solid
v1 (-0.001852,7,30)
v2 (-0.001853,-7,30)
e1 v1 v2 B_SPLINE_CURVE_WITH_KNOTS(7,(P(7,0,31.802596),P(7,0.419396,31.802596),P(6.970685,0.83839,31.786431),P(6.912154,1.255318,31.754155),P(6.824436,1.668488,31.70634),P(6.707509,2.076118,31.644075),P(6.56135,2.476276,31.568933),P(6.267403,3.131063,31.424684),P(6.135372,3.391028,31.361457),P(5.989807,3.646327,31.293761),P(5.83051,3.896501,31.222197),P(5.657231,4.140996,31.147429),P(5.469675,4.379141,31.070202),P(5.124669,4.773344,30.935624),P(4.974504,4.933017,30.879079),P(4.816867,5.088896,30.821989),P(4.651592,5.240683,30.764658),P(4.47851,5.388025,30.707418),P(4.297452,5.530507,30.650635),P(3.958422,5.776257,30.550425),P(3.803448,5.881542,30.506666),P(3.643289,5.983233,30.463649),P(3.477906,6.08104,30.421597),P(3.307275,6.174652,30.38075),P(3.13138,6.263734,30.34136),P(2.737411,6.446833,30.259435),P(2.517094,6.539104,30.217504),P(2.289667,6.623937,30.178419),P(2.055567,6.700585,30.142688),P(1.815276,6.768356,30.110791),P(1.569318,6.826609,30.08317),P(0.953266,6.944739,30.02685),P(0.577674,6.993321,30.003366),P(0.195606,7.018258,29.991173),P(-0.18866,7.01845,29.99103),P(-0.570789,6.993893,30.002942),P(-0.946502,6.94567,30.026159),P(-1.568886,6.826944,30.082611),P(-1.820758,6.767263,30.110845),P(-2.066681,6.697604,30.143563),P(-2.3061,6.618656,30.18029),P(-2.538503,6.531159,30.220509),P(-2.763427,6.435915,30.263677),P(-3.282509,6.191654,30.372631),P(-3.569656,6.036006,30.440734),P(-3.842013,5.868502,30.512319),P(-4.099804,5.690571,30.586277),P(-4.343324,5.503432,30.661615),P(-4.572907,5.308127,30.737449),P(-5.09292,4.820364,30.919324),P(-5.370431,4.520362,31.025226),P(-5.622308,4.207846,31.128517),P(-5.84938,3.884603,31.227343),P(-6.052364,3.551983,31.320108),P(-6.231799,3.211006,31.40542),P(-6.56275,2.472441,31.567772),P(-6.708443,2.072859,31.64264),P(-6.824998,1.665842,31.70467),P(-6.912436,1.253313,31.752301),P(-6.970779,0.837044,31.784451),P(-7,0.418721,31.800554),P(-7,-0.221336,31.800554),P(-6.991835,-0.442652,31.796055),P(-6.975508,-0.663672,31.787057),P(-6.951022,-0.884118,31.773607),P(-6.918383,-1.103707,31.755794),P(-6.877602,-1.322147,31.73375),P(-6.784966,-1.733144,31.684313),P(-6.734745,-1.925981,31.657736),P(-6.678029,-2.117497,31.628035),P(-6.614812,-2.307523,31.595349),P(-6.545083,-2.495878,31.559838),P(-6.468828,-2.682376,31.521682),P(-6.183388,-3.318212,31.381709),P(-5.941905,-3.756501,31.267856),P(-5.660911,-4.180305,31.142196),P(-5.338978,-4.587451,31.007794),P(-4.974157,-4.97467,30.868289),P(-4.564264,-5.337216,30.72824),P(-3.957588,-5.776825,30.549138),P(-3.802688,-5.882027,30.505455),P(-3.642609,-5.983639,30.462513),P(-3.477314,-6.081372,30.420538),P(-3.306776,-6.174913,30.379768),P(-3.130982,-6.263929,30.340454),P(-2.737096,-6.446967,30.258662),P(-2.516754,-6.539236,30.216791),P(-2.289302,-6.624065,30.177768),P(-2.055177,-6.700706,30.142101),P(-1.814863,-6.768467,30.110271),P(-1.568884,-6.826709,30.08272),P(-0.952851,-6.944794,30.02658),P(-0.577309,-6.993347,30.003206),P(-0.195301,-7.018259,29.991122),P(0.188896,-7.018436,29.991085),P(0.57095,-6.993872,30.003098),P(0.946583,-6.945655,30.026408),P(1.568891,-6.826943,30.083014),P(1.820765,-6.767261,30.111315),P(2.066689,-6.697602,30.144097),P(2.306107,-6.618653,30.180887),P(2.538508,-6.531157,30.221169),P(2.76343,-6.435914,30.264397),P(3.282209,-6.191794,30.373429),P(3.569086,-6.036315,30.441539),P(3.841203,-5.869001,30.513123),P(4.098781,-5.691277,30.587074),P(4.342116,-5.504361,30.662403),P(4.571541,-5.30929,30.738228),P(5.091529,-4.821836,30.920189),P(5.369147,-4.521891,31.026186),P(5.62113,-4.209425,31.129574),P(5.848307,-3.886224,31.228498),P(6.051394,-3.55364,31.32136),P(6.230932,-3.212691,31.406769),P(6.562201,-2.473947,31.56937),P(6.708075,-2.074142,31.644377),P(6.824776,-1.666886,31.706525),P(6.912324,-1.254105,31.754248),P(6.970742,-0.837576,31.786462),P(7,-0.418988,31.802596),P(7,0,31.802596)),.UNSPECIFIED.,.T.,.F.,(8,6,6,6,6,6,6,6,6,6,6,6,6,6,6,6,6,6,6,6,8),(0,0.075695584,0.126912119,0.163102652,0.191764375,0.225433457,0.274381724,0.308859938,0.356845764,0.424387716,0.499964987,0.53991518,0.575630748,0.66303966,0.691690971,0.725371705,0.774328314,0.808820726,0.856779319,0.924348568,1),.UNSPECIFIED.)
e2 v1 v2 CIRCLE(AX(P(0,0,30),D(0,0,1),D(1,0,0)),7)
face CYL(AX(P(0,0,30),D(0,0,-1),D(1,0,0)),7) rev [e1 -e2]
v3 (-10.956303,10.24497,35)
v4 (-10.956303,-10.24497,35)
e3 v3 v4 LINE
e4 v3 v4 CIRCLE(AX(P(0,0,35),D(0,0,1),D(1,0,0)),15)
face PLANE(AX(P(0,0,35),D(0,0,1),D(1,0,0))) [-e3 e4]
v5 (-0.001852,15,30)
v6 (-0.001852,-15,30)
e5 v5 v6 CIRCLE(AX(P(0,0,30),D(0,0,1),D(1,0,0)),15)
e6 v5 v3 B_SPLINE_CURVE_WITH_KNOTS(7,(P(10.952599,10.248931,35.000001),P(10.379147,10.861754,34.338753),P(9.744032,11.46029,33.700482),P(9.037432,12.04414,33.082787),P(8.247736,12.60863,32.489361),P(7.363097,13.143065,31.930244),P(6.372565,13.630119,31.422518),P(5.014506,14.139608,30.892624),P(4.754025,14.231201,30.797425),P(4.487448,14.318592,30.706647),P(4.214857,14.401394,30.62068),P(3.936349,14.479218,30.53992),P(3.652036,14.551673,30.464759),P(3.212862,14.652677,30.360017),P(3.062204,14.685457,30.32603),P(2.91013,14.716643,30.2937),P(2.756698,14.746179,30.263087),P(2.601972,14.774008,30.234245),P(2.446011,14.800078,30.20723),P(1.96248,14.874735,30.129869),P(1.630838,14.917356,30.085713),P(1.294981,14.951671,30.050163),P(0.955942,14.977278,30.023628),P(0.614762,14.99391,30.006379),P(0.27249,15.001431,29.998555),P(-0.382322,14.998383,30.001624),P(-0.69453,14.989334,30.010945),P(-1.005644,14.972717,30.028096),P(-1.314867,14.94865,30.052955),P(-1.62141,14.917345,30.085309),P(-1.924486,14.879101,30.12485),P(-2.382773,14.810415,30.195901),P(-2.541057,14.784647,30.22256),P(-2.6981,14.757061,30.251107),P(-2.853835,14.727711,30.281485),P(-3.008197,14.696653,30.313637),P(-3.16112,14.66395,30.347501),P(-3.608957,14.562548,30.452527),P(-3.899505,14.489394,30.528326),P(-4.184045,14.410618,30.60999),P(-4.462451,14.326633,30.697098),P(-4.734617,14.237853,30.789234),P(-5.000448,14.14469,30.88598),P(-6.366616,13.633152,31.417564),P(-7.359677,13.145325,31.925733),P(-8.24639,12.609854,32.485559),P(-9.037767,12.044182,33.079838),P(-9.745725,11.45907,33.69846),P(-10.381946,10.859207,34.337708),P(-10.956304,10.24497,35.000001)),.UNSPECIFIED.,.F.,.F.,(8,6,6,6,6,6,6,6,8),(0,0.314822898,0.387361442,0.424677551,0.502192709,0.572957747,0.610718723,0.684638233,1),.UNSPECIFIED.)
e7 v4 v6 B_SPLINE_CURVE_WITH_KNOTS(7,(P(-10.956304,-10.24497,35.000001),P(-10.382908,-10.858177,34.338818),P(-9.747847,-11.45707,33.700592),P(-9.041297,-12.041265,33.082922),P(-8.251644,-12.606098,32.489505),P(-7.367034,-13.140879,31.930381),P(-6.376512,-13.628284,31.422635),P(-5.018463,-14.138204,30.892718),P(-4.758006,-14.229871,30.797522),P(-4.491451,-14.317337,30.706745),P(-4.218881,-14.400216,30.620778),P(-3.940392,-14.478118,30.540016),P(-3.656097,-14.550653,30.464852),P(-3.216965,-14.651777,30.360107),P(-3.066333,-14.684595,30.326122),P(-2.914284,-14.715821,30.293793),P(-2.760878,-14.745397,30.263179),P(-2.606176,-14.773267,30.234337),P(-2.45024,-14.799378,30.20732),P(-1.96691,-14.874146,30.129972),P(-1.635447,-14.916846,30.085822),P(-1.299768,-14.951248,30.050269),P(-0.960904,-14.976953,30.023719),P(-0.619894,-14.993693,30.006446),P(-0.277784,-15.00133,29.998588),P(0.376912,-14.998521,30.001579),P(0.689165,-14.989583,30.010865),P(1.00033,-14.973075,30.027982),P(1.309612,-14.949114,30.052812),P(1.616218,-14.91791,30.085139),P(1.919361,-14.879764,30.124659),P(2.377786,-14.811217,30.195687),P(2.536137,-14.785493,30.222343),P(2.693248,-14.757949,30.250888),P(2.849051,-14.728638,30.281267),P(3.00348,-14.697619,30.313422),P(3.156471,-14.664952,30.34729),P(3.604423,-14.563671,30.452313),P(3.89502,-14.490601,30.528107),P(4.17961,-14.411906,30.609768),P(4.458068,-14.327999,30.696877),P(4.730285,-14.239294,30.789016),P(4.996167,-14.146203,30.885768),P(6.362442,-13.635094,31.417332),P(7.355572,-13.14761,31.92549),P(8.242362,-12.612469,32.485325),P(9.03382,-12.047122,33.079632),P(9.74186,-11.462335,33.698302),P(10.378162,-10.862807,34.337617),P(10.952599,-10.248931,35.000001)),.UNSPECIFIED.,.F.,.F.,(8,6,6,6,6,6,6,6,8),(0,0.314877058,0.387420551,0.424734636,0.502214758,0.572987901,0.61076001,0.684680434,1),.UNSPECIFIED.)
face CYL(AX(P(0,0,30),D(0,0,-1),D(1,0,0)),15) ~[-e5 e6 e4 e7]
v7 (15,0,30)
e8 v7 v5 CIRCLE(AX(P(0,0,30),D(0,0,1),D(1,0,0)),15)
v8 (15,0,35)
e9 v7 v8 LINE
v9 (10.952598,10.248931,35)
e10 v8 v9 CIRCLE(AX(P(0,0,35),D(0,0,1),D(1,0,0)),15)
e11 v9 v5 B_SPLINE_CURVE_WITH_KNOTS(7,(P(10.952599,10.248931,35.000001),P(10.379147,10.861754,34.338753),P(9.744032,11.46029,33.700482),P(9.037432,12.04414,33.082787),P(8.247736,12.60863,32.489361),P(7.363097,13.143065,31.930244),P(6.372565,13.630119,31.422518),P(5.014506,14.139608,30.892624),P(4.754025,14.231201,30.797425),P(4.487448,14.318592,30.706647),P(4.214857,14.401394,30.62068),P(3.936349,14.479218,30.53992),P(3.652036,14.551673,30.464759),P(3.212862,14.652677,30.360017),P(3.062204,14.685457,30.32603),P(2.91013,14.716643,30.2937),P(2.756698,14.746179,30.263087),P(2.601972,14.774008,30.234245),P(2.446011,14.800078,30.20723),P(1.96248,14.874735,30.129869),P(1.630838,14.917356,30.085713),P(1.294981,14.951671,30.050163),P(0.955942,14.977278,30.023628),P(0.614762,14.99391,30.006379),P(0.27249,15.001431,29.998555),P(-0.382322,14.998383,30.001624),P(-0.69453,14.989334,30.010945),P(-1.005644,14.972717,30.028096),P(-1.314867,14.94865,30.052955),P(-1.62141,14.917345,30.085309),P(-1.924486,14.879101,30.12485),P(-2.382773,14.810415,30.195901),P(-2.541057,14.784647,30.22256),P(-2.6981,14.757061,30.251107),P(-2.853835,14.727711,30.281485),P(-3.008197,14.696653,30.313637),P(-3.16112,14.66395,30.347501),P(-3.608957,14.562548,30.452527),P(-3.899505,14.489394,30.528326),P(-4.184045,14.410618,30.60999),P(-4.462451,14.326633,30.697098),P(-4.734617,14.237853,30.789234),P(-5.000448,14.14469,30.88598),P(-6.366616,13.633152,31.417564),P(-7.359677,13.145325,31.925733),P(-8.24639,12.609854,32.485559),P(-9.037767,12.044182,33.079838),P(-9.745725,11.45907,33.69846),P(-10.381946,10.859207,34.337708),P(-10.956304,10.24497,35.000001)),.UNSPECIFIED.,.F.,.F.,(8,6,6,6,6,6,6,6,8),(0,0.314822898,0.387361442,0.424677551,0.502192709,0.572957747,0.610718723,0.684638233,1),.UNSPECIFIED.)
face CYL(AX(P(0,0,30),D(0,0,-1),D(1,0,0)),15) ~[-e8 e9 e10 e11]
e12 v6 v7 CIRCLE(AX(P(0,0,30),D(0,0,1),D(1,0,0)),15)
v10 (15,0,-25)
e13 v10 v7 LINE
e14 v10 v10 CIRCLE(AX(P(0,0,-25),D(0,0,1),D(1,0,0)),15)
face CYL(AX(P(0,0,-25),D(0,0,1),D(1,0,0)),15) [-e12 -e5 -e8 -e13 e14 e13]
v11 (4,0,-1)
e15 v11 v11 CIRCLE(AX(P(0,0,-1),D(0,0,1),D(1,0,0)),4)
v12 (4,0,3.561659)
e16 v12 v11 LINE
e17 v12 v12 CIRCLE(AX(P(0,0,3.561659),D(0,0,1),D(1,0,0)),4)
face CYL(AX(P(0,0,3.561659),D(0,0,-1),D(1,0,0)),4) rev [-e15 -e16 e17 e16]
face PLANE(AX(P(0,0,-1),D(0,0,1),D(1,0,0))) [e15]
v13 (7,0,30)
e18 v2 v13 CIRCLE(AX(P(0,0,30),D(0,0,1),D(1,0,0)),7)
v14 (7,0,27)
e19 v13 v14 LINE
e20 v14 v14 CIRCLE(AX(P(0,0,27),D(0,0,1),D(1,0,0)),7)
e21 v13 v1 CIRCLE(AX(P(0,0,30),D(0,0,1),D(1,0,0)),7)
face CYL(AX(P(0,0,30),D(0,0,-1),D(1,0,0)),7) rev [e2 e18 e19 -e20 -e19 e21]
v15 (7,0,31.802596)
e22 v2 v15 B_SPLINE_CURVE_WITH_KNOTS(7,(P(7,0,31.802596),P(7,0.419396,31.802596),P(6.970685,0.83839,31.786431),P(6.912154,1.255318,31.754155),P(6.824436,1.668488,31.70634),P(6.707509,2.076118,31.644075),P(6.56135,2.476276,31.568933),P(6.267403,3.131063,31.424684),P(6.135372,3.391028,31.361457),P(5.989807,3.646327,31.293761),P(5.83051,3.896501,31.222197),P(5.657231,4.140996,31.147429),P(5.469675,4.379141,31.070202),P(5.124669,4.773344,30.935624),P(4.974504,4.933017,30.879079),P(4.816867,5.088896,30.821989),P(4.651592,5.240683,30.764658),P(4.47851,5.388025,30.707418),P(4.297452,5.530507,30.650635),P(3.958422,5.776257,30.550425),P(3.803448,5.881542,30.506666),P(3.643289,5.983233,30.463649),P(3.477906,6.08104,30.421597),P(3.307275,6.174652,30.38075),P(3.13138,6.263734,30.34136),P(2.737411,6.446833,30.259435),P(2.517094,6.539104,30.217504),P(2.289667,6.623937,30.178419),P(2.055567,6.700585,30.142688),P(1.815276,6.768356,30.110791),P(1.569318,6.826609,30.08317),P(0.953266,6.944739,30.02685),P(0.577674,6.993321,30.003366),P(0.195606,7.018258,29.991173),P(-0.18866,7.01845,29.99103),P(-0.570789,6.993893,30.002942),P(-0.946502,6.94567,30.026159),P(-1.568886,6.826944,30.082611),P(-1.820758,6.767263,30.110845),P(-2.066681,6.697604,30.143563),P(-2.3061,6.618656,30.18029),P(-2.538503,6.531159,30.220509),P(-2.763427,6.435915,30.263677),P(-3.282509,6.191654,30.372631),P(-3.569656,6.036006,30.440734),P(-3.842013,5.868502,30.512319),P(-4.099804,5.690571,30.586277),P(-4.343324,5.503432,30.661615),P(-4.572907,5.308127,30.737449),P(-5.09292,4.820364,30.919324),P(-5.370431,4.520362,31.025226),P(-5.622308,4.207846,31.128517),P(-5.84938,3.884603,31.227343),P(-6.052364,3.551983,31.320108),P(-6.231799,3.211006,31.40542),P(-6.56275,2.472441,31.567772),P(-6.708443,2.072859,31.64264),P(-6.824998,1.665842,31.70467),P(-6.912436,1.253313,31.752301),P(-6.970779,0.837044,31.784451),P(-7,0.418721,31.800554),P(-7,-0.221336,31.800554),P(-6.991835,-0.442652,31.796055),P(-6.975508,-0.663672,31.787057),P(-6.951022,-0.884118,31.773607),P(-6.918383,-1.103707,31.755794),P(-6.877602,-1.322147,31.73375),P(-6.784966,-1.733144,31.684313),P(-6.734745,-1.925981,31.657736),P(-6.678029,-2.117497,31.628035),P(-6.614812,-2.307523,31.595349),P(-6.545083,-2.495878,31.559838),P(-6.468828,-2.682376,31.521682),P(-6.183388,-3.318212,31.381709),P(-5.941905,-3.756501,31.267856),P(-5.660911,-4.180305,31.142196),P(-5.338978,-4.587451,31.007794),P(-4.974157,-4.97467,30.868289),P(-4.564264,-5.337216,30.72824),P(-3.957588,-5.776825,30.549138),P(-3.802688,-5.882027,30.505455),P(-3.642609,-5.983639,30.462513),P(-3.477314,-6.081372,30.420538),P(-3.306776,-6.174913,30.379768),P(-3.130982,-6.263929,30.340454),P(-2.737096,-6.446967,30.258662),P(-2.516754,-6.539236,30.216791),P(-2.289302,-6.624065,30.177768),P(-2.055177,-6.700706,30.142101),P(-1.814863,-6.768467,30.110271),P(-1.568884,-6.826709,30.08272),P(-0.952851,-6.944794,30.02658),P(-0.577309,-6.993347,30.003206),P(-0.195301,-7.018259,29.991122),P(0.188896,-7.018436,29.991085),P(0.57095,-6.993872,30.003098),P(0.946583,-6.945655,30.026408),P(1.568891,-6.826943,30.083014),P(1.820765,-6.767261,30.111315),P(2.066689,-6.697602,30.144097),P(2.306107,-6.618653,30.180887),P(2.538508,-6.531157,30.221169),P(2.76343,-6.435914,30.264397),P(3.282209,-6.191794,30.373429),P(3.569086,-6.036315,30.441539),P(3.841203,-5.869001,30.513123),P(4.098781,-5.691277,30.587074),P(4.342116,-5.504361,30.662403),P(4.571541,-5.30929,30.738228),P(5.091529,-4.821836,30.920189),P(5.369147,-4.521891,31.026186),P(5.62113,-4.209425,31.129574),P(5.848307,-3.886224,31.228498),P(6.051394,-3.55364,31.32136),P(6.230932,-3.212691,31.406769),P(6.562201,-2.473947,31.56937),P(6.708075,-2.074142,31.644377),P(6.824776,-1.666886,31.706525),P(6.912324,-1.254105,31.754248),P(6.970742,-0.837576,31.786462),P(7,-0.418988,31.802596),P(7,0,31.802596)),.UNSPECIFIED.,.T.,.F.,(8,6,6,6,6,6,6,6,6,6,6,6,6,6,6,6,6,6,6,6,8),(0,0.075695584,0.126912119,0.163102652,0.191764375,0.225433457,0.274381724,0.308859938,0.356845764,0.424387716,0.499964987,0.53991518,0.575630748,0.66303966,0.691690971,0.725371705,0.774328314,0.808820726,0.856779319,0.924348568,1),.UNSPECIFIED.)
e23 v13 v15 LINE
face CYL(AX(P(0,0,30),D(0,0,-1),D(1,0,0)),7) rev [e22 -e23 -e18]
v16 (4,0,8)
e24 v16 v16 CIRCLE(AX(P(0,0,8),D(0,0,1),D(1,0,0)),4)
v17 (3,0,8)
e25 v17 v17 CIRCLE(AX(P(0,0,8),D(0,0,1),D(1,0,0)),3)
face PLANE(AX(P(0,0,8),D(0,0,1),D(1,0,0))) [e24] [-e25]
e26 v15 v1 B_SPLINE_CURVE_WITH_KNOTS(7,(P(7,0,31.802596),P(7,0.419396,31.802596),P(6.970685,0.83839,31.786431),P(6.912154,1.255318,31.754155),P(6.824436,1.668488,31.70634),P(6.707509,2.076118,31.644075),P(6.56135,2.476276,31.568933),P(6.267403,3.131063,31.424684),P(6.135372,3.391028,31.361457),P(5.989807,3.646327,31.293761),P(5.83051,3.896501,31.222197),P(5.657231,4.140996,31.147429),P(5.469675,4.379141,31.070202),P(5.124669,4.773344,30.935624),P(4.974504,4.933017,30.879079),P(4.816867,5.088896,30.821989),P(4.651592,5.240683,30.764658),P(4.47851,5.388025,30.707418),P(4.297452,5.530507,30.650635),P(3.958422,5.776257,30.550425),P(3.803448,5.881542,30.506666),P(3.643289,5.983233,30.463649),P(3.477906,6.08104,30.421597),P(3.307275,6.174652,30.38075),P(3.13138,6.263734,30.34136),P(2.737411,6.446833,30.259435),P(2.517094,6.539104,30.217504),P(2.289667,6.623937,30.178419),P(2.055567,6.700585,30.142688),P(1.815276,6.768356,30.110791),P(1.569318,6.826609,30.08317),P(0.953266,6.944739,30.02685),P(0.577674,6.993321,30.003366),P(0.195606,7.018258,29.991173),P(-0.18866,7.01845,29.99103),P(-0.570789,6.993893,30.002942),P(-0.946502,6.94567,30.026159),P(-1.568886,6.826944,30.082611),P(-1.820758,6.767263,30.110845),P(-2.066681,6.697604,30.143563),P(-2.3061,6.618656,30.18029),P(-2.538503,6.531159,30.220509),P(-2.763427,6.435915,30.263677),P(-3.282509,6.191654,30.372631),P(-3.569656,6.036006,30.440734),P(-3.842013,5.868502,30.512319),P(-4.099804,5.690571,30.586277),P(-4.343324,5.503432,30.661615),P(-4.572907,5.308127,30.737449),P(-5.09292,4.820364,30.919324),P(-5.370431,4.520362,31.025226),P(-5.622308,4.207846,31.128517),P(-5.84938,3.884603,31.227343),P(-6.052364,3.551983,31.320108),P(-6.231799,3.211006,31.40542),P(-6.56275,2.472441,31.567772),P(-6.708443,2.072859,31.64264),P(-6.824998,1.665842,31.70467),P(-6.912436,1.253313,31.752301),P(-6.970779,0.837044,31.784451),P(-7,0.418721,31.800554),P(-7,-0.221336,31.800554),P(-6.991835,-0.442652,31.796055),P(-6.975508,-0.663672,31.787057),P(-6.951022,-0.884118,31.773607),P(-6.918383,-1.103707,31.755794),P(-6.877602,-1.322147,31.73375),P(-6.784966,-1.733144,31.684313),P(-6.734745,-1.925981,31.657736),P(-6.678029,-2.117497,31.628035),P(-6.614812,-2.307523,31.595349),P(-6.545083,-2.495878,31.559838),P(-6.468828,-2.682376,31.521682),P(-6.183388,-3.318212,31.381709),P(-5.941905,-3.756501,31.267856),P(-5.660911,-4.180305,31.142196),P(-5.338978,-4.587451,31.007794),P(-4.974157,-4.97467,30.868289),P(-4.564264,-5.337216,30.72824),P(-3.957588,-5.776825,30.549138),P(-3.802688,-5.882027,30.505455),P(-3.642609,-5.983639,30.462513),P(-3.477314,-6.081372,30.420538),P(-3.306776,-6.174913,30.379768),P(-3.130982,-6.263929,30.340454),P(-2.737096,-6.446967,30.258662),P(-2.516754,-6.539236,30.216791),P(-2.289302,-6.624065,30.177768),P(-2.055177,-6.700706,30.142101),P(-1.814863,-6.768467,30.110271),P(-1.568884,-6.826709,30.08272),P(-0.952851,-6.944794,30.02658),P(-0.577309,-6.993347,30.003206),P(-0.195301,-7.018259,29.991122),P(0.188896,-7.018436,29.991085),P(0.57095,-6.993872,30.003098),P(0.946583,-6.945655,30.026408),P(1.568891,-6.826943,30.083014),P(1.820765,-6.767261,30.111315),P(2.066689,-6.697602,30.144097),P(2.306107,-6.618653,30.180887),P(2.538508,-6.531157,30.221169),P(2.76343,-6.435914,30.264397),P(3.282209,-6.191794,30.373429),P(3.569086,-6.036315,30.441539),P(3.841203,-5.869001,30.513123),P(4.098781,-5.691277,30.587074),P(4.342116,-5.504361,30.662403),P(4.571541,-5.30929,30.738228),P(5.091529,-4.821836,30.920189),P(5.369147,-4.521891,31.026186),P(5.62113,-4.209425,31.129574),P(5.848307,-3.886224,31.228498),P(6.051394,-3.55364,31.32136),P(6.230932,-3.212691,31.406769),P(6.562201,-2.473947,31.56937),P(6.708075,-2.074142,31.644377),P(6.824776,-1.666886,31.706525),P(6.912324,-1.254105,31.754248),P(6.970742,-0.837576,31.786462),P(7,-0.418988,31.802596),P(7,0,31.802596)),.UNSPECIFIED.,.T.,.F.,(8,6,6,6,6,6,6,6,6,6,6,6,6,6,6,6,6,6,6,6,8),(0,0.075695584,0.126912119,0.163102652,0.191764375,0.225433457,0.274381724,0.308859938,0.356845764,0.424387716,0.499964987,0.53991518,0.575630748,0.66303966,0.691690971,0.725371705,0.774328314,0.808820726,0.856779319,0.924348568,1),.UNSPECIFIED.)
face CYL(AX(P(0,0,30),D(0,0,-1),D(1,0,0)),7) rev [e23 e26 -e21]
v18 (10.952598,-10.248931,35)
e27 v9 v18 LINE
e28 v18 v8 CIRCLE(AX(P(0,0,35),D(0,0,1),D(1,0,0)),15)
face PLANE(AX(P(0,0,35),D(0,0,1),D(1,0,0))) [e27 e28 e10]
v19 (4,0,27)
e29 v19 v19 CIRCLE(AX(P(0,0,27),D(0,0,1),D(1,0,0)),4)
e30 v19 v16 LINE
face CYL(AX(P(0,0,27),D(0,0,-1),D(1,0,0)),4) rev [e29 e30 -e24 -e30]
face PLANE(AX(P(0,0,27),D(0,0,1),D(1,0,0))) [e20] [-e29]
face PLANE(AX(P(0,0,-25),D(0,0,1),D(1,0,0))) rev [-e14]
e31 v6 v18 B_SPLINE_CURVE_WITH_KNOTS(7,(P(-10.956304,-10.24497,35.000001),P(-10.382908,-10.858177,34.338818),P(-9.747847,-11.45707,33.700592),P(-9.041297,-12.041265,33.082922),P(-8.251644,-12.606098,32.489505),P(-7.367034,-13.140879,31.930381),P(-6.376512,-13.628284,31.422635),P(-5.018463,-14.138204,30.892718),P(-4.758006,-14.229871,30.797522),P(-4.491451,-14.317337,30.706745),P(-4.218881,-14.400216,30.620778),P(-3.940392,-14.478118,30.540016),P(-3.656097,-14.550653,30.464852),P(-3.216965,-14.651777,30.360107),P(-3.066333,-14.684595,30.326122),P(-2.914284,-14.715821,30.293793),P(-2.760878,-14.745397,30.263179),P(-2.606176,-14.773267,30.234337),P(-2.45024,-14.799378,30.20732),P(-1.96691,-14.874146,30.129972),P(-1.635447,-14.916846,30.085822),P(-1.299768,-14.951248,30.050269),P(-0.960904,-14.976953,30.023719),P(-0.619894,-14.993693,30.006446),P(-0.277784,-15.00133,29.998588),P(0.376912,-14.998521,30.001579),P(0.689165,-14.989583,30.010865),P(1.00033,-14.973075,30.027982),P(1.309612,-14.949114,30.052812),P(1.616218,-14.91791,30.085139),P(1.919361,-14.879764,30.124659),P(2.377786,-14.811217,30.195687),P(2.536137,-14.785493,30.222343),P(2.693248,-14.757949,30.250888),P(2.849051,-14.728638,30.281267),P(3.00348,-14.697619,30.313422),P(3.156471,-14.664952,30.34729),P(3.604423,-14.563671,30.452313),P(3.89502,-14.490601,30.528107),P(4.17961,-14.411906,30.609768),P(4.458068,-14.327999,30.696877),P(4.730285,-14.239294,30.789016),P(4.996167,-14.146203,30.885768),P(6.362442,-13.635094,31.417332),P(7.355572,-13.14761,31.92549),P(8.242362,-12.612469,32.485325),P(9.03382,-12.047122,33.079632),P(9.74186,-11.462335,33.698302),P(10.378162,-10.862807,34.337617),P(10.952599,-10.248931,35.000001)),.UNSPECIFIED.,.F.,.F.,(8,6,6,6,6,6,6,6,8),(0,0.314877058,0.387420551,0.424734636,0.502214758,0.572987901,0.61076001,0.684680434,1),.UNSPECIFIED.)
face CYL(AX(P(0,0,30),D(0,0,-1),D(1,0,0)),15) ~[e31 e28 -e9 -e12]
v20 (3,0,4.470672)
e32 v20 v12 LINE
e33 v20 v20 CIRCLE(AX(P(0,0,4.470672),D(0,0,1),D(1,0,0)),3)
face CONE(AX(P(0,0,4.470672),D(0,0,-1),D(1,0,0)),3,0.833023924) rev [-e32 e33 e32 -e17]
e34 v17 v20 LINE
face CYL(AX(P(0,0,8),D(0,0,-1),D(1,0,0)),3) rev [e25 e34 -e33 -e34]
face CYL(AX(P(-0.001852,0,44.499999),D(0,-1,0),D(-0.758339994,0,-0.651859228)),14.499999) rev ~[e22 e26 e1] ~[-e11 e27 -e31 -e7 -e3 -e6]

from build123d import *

# Parameters (mm, degrees)
F1_FACE_R   = 15
F1_FACE_R_2 = 7
F2_DEPTH    = 5
F4_DEPTH    = 20


with BuildPart() as f1:
    # F0 (on Front) → F1 (revolve)
    with BuildSketch(Plane.XZ):
        Polygon((7, 27), (4, 27), (4, 8), (3, 8), (3, 4.470672), (4, 3.561659), (4, 0), (4, -1), (0, -1), (0, -25), (15, -25), (15, 27), (15, 30), (7, 30), align=None)
    revolve(axis=Axis((0, 0, -12.5), (0, 0, 1)))

    # F1_face (on face) → F2 (join)
    with BuildSketch(Plane.XY.offset(30)):
        Circle(F1_FACE_R)
        Circle(F1_FACE_R_2, mode=Mode.SUBTRACT)
    extrude(amount=F2_DEPTH)

    # F3 (on Front) → F4 (cut, symmetric)
    with BuildSketch(Plane.XZ):
        with BuildLine():
            Line((10.994077, 35.048041), (-10.997782, 35.048041))
            ThreePointArc((-10.997782, 35.048041), (-0.001852, 30), (10.994077, 35.048041))
        make_face()
    extrude(amount=F4_DEPTH, both=True, mode=Mode.SUBTRACT)


solid = f1.part
